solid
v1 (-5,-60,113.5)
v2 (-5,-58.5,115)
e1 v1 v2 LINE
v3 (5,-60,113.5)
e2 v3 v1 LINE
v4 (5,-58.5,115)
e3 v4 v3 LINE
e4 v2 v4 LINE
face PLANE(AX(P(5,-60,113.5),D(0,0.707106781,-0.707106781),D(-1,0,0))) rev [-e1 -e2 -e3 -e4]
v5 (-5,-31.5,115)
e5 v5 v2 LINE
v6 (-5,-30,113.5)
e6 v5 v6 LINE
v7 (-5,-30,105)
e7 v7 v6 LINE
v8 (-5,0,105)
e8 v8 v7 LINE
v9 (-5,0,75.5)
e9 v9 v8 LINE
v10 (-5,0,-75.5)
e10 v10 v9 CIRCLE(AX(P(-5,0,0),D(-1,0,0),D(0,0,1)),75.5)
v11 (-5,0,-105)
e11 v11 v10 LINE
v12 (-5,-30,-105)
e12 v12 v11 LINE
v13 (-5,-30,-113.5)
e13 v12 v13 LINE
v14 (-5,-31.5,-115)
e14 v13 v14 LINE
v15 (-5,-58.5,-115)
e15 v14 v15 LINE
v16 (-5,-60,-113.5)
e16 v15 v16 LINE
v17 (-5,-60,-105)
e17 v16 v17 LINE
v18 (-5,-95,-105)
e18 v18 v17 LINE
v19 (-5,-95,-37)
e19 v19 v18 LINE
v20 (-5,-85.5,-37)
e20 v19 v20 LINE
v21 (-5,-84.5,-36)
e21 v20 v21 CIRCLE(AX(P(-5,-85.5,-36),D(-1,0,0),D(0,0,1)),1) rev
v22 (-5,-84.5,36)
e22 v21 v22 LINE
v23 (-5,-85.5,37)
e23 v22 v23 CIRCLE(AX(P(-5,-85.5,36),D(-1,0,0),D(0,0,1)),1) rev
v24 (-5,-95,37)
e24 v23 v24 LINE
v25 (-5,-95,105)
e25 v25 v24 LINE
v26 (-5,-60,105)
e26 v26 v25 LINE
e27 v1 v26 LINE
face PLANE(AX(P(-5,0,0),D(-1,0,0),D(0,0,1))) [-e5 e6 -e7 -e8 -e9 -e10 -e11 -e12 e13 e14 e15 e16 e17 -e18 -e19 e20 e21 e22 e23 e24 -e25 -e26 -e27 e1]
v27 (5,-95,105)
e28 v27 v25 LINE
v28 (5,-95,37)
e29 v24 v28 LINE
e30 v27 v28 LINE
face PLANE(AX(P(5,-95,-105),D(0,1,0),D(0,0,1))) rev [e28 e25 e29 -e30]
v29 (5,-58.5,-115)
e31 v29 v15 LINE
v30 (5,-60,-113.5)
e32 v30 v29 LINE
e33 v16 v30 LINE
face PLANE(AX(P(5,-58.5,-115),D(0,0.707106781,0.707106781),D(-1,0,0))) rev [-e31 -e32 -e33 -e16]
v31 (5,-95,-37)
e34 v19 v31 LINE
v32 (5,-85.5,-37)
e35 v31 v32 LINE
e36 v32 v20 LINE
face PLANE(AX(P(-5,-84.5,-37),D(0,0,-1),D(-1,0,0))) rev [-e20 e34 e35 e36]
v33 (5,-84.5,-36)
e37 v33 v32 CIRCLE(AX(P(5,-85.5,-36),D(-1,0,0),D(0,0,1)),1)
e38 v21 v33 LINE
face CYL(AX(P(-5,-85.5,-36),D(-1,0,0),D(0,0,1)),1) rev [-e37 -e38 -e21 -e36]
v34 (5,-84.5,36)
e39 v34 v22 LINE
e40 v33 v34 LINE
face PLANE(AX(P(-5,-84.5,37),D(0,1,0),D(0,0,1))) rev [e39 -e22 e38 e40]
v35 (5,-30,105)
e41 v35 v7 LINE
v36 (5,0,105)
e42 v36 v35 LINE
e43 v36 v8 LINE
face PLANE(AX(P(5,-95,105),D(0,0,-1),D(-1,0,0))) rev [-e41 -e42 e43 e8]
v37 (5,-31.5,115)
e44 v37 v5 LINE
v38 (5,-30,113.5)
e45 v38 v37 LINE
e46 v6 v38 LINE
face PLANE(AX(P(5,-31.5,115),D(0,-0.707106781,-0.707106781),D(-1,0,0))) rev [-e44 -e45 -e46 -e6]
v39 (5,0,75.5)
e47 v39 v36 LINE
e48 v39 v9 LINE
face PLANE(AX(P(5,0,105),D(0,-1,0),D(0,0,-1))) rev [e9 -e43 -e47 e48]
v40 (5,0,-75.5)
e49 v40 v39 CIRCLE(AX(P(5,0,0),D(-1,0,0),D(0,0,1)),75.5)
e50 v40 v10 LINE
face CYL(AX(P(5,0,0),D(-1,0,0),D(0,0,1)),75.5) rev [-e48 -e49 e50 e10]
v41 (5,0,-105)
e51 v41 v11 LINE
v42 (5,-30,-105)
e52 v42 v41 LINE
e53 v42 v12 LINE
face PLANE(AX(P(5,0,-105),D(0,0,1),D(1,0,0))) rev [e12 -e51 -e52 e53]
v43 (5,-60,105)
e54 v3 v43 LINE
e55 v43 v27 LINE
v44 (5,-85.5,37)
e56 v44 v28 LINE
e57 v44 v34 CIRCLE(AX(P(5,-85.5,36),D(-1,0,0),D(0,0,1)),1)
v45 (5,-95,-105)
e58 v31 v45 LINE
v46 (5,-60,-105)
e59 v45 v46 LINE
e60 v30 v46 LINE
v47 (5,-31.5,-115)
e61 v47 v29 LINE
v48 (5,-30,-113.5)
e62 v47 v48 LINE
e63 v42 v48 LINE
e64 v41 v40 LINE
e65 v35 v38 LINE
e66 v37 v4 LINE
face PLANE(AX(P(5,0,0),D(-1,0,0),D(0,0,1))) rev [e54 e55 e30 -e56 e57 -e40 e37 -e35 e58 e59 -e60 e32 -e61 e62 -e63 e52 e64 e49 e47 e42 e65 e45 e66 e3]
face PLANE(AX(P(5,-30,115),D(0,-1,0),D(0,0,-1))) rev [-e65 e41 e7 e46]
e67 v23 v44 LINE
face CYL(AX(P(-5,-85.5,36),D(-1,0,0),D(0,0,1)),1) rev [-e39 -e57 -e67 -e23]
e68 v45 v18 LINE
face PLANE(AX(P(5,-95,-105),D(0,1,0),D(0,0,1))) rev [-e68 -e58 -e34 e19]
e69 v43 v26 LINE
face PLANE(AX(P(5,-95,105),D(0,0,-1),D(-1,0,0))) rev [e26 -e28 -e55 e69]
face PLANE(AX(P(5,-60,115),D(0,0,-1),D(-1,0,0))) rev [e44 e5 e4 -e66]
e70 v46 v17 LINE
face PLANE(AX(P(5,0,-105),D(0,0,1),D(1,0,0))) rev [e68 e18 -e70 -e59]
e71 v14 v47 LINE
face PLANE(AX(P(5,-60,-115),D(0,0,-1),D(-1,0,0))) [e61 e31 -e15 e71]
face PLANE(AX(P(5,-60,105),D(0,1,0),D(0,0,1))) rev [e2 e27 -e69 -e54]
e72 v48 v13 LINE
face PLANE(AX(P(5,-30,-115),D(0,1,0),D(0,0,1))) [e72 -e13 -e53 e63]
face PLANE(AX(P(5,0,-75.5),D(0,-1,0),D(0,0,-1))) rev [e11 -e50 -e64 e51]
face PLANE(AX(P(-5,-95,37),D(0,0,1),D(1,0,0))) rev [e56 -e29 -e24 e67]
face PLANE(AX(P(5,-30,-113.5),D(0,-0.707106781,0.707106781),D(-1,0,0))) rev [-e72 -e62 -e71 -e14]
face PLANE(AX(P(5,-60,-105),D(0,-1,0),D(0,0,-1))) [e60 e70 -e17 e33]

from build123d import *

# Parameters (mm, degrees)
EXTRUDE_754_DEPTH              = 5
SKETCH_2_W                     = 10
SKETCH_2_H                     = 30
EXTRUDE_813_DEPTH              = 5
CHAMFER_861_SIZE               = 1.5
CHAMFER_861_OF_MIRROR_928_SIZE = 1.5
CUT_EXTRUDE_956_DEPTH          = 150.248115566
CUT_EXTRUDE_956_DEPTH_BACK     = 150.248115566
SKETCH_3_W                     = 74
SKETCH_3_H                     = 10.5
FILLET_R_R                     = 1


with BuildPart() as part:
    # ｽｹｯﾁ1 → Extrude 754 (new, symmetric)
    with BuildSketch(Plane(origin=(0, 0, 0), x_dir=(0, 0, -1), z_dir=(1, 0, 0))):
        with BuildLine():
            Line((75.5, 0), (105, 0))
            Line((105, 0), (105, -95))
            Line((105, -95), (-105, -95))
            Line((-105, -95), (-105, 0))
            Line((-105, 0), (-75.5, 0))
            ThreePointArc((-75.5, 0), (0, -75.5), (75.5, 0))
        make_face()
    extrude(amount=EXTRUDE_754_DEPTH, both=True)

    # ｽｹｯﾁ2 → Extrude 813 (add, symmetric)
    with BuildSketch(Plane(origin=(0, 0, 0), x_dir=(0, 0, -1), z_dir=(1, 0, 0))):
        with Locations((-110, -45)):
            Rectangle(SKETCH_2_W, SKETCH_2_H)
    extrude_813 = extrude(amount=EXTRUDE_813_DEPTH, both=True)

    # Chamfer 861
    chamfer_861_edges = [part.edges().sort_by_distance(p)[0] for p in [
        (0, -30, 115),
        (0, -60, 115),
    ]]
    chamfer(chamfer_861_edges, length=CHAMFER_861_SIZE)

    # Mirror 928: Extrude 813 across plane
    add(extrude_813.mirror(Plane.XY))

    # Chamfer 861 of Mirror 928
    chamfer_861_of_mirror_928_edges = [part.edges().sort_by_distance(p)[0] for p in [
        (0, -30, -115),
        (0, -60, -115),
    ]]
    chamfer(chamfer_861_of_mirror_928_edges, length=CHAMFER_861_OF_MIRROR_928_SIZE)

    # ｽｹｯﾁ3 → Cut-Extrude 956 (cut, two sides: drawn at the far end of the back side and taken through both)
    with BuildSketch(Plane(origin=(0, 0, 0), x_dir=(0, 0, -1), z_dir=(1, 0, 0)).offset(-CUT_EXTRUDE_956_DEPTH_BACK)):
        with Locations((0, -89.75)):
            Rectangle(SKETCH_3_W, SKETCH_3_H)
    extrude(amount=CUT_EXTRUDE_956_DEPTH + CUT_EXTRUDE_956_DEPTH_BACK, mode=Mode.SUBTRACT)

    # くぐり穴 内角R
    fillet_r_edges = [part.edges().sort_by_distance(p)[0] for p in [
        (0, -84.5, -37),
        (0, -84.5, 37),
    ]]
    fillet(fillet_r_edges, radius=FILLET_R_R)


solid = part.part
